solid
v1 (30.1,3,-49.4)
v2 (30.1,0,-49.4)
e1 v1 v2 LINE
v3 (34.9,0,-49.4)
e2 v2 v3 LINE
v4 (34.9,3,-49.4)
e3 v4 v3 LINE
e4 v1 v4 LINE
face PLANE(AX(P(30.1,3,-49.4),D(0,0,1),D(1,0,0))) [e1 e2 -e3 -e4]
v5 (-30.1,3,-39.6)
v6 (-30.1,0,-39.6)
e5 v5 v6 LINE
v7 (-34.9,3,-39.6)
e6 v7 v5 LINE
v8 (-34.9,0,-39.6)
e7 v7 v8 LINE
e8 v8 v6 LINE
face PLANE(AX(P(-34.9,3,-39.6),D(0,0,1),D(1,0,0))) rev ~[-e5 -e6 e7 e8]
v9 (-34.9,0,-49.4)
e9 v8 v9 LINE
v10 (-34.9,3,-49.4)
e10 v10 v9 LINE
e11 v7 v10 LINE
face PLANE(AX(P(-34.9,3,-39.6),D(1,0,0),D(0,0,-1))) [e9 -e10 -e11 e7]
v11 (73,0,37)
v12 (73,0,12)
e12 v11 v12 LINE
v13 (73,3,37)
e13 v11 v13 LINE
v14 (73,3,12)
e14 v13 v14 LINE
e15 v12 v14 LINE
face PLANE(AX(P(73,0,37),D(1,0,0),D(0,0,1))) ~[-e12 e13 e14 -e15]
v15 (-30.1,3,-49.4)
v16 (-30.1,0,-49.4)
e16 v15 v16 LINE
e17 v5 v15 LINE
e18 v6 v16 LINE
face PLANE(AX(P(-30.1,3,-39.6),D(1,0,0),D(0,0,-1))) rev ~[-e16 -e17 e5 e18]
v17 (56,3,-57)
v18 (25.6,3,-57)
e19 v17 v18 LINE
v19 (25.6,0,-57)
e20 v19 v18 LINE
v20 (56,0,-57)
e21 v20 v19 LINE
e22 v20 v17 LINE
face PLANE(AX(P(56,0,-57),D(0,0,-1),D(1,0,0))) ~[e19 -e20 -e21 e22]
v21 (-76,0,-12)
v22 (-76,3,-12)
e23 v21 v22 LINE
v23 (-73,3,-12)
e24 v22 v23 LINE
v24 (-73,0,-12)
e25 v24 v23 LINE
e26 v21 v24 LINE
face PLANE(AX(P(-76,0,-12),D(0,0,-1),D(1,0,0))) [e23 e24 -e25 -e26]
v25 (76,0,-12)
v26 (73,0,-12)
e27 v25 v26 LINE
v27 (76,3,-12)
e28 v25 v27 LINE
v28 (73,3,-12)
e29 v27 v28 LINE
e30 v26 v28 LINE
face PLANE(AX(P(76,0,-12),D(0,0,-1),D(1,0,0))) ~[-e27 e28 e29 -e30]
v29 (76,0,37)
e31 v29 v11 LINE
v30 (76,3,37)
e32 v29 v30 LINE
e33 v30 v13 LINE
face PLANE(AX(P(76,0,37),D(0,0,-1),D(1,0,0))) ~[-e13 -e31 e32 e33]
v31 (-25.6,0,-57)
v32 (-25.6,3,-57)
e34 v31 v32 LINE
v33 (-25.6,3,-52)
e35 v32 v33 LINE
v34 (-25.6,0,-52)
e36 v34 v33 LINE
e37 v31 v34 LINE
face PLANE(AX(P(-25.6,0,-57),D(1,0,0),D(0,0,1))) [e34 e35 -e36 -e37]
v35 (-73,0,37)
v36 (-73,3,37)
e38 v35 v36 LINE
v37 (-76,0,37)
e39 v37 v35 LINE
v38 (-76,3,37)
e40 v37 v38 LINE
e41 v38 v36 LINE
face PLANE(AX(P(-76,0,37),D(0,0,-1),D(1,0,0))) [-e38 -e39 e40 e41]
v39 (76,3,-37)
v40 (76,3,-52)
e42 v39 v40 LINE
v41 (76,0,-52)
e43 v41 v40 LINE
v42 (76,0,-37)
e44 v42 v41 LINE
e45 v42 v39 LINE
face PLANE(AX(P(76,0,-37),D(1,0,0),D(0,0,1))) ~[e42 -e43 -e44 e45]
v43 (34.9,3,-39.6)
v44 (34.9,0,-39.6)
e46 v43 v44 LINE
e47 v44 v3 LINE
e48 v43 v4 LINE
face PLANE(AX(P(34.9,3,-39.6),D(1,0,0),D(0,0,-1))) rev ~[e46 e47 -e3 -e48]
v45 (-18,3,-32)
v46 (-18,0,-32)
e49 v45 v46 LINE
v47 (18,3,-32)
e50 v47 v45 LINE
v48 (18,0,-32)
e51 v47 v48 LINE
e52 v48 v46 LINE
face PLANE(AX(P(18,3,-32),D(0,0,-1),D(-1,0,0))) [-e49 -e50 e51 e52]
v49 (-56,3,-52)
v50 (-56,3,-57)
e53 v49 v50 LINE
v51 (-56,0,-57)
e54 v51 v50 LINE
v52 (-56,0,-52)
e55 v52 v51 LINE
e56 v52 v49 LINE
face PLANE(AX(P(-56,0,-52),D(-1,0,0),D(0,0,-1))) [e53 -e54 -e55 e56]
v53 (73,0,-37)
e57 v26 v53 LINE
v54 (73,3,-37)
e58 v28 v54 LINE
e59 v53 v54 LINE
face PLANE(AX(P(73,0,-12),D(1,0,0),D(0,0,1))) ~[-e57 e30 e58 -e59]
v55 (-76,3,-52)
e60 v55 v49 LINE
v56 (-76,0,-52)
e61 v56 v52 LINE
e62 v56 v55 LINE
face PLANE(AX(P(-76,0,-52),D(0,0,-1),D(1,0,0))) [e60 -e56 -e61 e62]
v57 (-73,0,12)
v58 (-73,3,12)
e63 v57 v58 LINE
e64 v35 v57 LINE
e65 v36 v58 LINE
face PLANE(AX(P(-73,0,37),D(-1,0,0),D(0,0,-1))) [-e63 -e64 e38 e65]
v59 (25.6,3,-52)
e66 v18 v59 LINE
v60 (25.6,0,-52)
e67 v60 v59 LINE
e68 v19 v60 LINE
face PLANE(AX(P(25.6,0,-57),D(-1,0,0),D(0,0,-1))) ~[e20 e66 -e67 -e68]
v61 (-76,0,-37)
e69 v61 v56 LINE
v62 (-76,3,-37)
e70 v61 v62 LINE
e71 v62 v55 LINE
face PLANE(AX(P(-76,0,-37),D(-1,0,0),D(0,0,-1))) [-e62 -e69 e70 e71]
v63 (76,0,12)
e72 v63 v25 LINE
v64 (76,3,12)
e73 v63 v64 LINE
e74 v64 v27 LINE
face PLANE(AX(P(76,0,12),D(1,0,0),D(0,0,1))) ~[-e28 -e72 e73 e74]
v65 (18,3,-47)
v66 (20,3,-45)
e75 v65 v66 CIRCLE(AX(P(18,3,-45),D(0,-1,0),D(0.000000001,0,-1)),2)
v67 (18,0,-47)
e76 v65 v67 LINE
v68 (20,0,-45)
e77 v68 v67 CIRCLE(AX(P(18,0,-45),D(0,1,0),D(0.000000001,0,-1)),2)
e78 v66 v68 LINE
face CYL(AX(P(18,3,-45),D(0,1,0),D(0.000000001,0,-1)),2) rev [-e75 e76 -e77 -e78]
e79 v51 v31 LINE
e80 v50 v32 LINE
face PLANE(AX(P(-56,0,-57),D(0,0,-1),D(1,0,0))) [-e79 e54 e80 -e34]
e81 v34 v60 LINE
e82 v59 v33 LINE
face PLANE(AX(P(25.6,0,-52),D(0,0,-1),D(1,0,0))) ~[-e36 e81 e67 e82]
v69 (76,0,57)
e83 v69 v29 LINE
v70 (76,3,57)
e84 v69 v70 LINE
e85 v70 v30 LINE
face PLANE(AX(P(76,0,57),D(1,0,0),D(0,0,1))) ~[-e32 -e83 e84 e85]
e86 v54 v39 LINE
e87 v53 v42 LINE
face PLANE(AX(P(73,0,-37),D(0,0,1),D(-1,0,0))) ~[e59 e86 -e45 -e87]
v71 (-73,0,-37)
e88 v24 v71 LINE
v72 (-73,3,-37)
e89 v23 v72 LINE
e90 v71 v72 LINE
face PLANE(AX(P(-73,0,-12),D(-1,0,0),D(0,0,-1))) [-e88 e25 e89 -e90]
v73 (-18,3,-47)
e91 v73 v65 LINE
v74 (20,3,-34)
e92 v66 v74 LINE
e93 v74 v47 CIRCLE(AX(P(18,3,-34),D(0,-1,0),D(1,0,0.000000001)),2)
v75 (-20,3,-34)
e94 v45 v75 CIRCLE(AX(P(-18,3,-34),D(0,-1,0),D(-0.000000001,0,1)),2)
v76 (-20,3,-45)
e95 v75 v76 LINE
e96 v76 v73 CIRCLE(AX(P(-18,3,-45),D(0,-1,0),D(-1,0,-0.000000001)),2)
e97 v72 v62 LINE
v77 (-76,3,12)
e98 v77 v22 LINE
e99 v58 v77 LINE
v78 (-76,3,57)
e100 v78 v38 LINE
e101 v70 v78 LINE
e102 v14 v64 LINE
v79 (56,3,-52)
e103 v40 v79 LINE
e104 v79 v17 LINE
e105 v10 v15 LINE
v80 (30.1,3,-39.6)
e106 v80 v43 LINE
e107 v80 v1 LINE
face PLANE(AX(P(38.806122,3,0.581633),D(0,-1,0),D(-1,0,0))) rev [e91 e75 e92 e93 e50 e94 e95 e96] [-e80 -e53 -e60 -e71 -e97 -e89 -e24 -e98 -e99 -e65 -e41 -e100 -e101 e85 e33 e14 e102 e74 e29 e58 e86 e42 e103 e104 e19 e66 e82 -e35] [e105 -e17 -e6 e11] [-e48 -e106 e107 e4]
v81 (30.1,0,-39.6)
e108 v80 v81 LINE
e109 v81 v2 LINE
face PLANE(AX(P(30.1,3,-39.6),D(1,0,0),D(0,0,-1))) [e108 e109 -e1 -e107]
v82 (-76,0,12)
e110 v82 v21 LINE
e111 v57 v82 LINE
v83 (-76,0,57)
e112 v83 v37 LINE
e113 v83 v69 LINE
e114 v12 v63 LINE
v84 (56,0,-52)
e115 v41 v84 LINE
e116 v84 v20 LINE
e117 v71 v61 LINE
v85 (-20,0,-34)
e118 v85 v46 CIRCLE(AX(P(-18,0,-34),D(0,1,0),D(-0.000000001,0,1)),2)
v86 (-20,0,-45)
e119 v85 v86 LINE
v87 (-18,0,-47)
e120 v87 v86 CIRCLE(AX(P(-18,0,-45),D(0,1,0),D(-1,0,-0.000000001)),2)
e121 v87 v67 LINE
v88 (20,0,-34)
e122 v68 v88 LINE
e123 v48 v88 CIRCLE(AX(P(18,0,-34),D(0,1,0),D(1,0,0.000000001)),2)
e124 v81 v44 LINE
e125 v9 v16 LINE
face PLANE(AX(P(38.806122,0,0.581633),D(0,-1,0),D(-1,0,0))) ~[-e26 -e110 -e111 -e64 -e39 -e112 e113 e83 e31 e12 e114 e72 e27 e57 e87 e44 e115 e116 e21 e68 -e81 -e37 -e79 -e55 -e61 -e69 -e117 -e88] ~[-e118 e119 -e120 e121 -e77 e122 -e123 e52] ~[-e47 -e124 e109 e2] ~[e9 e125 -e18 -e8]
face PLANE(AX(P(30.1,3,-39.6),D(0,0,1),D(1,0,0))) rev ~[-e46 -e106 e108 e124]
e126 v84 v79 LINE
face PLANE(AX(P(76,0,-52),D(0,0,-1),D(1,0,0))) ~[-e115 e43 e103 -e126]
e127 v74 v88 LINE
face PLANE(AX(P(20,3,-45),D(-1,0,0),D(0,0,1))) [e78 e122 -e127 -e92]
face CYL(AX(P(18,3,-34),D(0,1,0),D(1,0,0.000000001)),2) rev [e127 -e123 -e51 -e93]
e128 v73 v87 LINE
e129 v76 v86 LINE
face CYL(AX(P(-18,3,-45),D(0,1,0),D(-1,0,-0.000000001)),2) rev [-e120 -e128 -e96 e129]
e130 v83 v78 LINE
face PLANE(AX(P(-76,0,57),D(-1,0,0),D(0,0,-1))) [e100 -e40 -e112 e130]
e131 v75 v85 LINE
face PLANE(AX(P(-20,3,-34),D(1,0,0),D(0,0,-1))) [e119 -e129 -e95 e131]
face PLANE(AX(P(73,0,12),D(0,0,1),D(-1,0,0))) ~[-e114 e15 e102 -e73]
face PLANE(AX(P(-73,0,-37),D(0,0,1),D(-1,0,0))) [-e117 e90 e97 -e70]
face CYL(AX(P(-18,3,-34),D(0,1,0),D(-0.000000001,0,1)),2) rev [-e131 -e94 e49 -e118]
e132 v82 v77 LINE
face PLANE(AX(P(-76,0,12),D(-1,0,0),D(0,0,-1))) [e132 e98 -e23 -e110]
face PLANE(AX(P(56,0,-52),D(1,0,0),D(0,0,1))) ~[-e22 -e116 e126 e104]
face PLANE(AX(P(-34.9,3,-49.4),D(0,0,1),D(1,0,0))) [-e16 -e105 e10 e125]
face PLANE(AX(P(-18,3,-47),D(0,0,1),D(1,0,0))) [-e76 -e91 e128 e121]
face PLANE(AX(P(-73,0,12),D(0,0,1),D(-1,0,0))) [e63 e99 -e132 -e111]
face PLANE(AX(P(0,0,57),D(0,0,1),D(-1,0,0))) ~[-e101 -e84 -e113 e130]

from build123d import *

# Parameters (mm, degrees)
BOSS_EXTRUDE1_DEPTH = 3
SKETCH2_W           = 4.8
SKETCH2_H           = 9.8
CUT_EXTRUDE1_DEPTH  = 96.047356618


with BuildPart() as part:
    # Sketch1 → Boss-Extrude1 (new body)
    with BuildSketch(Plane(origin=(0, 0, 0), x_dir=(1, 0, 0), z_dir=(0, 1, 0))):
        Polygon((0, 52), (0, -57), (-76, -57), (-76, -37), (-73, -37), (-73, -12), (-76, -12), (-76, 12), (-73, 12), (-73, 37), (-76, 37), (-76, 52), (-56, 52), (-56, 57), (-25.6, 57), (-25.6, 52), align=None)
    boss_extrude1 = extrude(amount=BOSS_EXTRUDE1_DEPTH)

    # Mirror1: Boss-Extrude1 across plane
    add(boss_extrude1.mirror(Plane(origin=(0, 3, -52), x_dir=(0, 0, 1), z_dir=(-1, 0, 0))))

    # Sketch2 → Cut-Extrude1 (cut, through all)
    with BuildSketch(Plane(origin=(0, 3, 0), x_dir=(1, 0, 0), z_dir=(0, 1, 0))):
        with Locations((-32.5, 44.5)):
            Rectangle(SKETCH2_W, SKETCH2_H)
        with Locations((32.5, 44.5)):
            Rectangle(SKETCH2_W, SKETCH2_H)
        with BuildLine():
            Line((-18, 47), (18, 47))
            ThreePointArc((18, 47), (19.414213562, 46.414213562), (20, 45))
            Line((20, 45), (20, 34))
            ThreePointArc((20, 34), (19.414213562, 32.585786438), (18, 32))
            Line((18, 32), (-18, 32))
            ThreePointArc((-18, 32), (-19.414213562, 32.585786438), (-20, 34))
            Line((-20, 34), (-20, 45))
            ThreePointArc((-20, 45), (-19.414213562, 46.414213562), (-18, 47))
        make_face()
    extrude(amount=-CUT_EXTRUDE1_DEPTH, mode=Mode.SUBTRACT)


solid = part.part
